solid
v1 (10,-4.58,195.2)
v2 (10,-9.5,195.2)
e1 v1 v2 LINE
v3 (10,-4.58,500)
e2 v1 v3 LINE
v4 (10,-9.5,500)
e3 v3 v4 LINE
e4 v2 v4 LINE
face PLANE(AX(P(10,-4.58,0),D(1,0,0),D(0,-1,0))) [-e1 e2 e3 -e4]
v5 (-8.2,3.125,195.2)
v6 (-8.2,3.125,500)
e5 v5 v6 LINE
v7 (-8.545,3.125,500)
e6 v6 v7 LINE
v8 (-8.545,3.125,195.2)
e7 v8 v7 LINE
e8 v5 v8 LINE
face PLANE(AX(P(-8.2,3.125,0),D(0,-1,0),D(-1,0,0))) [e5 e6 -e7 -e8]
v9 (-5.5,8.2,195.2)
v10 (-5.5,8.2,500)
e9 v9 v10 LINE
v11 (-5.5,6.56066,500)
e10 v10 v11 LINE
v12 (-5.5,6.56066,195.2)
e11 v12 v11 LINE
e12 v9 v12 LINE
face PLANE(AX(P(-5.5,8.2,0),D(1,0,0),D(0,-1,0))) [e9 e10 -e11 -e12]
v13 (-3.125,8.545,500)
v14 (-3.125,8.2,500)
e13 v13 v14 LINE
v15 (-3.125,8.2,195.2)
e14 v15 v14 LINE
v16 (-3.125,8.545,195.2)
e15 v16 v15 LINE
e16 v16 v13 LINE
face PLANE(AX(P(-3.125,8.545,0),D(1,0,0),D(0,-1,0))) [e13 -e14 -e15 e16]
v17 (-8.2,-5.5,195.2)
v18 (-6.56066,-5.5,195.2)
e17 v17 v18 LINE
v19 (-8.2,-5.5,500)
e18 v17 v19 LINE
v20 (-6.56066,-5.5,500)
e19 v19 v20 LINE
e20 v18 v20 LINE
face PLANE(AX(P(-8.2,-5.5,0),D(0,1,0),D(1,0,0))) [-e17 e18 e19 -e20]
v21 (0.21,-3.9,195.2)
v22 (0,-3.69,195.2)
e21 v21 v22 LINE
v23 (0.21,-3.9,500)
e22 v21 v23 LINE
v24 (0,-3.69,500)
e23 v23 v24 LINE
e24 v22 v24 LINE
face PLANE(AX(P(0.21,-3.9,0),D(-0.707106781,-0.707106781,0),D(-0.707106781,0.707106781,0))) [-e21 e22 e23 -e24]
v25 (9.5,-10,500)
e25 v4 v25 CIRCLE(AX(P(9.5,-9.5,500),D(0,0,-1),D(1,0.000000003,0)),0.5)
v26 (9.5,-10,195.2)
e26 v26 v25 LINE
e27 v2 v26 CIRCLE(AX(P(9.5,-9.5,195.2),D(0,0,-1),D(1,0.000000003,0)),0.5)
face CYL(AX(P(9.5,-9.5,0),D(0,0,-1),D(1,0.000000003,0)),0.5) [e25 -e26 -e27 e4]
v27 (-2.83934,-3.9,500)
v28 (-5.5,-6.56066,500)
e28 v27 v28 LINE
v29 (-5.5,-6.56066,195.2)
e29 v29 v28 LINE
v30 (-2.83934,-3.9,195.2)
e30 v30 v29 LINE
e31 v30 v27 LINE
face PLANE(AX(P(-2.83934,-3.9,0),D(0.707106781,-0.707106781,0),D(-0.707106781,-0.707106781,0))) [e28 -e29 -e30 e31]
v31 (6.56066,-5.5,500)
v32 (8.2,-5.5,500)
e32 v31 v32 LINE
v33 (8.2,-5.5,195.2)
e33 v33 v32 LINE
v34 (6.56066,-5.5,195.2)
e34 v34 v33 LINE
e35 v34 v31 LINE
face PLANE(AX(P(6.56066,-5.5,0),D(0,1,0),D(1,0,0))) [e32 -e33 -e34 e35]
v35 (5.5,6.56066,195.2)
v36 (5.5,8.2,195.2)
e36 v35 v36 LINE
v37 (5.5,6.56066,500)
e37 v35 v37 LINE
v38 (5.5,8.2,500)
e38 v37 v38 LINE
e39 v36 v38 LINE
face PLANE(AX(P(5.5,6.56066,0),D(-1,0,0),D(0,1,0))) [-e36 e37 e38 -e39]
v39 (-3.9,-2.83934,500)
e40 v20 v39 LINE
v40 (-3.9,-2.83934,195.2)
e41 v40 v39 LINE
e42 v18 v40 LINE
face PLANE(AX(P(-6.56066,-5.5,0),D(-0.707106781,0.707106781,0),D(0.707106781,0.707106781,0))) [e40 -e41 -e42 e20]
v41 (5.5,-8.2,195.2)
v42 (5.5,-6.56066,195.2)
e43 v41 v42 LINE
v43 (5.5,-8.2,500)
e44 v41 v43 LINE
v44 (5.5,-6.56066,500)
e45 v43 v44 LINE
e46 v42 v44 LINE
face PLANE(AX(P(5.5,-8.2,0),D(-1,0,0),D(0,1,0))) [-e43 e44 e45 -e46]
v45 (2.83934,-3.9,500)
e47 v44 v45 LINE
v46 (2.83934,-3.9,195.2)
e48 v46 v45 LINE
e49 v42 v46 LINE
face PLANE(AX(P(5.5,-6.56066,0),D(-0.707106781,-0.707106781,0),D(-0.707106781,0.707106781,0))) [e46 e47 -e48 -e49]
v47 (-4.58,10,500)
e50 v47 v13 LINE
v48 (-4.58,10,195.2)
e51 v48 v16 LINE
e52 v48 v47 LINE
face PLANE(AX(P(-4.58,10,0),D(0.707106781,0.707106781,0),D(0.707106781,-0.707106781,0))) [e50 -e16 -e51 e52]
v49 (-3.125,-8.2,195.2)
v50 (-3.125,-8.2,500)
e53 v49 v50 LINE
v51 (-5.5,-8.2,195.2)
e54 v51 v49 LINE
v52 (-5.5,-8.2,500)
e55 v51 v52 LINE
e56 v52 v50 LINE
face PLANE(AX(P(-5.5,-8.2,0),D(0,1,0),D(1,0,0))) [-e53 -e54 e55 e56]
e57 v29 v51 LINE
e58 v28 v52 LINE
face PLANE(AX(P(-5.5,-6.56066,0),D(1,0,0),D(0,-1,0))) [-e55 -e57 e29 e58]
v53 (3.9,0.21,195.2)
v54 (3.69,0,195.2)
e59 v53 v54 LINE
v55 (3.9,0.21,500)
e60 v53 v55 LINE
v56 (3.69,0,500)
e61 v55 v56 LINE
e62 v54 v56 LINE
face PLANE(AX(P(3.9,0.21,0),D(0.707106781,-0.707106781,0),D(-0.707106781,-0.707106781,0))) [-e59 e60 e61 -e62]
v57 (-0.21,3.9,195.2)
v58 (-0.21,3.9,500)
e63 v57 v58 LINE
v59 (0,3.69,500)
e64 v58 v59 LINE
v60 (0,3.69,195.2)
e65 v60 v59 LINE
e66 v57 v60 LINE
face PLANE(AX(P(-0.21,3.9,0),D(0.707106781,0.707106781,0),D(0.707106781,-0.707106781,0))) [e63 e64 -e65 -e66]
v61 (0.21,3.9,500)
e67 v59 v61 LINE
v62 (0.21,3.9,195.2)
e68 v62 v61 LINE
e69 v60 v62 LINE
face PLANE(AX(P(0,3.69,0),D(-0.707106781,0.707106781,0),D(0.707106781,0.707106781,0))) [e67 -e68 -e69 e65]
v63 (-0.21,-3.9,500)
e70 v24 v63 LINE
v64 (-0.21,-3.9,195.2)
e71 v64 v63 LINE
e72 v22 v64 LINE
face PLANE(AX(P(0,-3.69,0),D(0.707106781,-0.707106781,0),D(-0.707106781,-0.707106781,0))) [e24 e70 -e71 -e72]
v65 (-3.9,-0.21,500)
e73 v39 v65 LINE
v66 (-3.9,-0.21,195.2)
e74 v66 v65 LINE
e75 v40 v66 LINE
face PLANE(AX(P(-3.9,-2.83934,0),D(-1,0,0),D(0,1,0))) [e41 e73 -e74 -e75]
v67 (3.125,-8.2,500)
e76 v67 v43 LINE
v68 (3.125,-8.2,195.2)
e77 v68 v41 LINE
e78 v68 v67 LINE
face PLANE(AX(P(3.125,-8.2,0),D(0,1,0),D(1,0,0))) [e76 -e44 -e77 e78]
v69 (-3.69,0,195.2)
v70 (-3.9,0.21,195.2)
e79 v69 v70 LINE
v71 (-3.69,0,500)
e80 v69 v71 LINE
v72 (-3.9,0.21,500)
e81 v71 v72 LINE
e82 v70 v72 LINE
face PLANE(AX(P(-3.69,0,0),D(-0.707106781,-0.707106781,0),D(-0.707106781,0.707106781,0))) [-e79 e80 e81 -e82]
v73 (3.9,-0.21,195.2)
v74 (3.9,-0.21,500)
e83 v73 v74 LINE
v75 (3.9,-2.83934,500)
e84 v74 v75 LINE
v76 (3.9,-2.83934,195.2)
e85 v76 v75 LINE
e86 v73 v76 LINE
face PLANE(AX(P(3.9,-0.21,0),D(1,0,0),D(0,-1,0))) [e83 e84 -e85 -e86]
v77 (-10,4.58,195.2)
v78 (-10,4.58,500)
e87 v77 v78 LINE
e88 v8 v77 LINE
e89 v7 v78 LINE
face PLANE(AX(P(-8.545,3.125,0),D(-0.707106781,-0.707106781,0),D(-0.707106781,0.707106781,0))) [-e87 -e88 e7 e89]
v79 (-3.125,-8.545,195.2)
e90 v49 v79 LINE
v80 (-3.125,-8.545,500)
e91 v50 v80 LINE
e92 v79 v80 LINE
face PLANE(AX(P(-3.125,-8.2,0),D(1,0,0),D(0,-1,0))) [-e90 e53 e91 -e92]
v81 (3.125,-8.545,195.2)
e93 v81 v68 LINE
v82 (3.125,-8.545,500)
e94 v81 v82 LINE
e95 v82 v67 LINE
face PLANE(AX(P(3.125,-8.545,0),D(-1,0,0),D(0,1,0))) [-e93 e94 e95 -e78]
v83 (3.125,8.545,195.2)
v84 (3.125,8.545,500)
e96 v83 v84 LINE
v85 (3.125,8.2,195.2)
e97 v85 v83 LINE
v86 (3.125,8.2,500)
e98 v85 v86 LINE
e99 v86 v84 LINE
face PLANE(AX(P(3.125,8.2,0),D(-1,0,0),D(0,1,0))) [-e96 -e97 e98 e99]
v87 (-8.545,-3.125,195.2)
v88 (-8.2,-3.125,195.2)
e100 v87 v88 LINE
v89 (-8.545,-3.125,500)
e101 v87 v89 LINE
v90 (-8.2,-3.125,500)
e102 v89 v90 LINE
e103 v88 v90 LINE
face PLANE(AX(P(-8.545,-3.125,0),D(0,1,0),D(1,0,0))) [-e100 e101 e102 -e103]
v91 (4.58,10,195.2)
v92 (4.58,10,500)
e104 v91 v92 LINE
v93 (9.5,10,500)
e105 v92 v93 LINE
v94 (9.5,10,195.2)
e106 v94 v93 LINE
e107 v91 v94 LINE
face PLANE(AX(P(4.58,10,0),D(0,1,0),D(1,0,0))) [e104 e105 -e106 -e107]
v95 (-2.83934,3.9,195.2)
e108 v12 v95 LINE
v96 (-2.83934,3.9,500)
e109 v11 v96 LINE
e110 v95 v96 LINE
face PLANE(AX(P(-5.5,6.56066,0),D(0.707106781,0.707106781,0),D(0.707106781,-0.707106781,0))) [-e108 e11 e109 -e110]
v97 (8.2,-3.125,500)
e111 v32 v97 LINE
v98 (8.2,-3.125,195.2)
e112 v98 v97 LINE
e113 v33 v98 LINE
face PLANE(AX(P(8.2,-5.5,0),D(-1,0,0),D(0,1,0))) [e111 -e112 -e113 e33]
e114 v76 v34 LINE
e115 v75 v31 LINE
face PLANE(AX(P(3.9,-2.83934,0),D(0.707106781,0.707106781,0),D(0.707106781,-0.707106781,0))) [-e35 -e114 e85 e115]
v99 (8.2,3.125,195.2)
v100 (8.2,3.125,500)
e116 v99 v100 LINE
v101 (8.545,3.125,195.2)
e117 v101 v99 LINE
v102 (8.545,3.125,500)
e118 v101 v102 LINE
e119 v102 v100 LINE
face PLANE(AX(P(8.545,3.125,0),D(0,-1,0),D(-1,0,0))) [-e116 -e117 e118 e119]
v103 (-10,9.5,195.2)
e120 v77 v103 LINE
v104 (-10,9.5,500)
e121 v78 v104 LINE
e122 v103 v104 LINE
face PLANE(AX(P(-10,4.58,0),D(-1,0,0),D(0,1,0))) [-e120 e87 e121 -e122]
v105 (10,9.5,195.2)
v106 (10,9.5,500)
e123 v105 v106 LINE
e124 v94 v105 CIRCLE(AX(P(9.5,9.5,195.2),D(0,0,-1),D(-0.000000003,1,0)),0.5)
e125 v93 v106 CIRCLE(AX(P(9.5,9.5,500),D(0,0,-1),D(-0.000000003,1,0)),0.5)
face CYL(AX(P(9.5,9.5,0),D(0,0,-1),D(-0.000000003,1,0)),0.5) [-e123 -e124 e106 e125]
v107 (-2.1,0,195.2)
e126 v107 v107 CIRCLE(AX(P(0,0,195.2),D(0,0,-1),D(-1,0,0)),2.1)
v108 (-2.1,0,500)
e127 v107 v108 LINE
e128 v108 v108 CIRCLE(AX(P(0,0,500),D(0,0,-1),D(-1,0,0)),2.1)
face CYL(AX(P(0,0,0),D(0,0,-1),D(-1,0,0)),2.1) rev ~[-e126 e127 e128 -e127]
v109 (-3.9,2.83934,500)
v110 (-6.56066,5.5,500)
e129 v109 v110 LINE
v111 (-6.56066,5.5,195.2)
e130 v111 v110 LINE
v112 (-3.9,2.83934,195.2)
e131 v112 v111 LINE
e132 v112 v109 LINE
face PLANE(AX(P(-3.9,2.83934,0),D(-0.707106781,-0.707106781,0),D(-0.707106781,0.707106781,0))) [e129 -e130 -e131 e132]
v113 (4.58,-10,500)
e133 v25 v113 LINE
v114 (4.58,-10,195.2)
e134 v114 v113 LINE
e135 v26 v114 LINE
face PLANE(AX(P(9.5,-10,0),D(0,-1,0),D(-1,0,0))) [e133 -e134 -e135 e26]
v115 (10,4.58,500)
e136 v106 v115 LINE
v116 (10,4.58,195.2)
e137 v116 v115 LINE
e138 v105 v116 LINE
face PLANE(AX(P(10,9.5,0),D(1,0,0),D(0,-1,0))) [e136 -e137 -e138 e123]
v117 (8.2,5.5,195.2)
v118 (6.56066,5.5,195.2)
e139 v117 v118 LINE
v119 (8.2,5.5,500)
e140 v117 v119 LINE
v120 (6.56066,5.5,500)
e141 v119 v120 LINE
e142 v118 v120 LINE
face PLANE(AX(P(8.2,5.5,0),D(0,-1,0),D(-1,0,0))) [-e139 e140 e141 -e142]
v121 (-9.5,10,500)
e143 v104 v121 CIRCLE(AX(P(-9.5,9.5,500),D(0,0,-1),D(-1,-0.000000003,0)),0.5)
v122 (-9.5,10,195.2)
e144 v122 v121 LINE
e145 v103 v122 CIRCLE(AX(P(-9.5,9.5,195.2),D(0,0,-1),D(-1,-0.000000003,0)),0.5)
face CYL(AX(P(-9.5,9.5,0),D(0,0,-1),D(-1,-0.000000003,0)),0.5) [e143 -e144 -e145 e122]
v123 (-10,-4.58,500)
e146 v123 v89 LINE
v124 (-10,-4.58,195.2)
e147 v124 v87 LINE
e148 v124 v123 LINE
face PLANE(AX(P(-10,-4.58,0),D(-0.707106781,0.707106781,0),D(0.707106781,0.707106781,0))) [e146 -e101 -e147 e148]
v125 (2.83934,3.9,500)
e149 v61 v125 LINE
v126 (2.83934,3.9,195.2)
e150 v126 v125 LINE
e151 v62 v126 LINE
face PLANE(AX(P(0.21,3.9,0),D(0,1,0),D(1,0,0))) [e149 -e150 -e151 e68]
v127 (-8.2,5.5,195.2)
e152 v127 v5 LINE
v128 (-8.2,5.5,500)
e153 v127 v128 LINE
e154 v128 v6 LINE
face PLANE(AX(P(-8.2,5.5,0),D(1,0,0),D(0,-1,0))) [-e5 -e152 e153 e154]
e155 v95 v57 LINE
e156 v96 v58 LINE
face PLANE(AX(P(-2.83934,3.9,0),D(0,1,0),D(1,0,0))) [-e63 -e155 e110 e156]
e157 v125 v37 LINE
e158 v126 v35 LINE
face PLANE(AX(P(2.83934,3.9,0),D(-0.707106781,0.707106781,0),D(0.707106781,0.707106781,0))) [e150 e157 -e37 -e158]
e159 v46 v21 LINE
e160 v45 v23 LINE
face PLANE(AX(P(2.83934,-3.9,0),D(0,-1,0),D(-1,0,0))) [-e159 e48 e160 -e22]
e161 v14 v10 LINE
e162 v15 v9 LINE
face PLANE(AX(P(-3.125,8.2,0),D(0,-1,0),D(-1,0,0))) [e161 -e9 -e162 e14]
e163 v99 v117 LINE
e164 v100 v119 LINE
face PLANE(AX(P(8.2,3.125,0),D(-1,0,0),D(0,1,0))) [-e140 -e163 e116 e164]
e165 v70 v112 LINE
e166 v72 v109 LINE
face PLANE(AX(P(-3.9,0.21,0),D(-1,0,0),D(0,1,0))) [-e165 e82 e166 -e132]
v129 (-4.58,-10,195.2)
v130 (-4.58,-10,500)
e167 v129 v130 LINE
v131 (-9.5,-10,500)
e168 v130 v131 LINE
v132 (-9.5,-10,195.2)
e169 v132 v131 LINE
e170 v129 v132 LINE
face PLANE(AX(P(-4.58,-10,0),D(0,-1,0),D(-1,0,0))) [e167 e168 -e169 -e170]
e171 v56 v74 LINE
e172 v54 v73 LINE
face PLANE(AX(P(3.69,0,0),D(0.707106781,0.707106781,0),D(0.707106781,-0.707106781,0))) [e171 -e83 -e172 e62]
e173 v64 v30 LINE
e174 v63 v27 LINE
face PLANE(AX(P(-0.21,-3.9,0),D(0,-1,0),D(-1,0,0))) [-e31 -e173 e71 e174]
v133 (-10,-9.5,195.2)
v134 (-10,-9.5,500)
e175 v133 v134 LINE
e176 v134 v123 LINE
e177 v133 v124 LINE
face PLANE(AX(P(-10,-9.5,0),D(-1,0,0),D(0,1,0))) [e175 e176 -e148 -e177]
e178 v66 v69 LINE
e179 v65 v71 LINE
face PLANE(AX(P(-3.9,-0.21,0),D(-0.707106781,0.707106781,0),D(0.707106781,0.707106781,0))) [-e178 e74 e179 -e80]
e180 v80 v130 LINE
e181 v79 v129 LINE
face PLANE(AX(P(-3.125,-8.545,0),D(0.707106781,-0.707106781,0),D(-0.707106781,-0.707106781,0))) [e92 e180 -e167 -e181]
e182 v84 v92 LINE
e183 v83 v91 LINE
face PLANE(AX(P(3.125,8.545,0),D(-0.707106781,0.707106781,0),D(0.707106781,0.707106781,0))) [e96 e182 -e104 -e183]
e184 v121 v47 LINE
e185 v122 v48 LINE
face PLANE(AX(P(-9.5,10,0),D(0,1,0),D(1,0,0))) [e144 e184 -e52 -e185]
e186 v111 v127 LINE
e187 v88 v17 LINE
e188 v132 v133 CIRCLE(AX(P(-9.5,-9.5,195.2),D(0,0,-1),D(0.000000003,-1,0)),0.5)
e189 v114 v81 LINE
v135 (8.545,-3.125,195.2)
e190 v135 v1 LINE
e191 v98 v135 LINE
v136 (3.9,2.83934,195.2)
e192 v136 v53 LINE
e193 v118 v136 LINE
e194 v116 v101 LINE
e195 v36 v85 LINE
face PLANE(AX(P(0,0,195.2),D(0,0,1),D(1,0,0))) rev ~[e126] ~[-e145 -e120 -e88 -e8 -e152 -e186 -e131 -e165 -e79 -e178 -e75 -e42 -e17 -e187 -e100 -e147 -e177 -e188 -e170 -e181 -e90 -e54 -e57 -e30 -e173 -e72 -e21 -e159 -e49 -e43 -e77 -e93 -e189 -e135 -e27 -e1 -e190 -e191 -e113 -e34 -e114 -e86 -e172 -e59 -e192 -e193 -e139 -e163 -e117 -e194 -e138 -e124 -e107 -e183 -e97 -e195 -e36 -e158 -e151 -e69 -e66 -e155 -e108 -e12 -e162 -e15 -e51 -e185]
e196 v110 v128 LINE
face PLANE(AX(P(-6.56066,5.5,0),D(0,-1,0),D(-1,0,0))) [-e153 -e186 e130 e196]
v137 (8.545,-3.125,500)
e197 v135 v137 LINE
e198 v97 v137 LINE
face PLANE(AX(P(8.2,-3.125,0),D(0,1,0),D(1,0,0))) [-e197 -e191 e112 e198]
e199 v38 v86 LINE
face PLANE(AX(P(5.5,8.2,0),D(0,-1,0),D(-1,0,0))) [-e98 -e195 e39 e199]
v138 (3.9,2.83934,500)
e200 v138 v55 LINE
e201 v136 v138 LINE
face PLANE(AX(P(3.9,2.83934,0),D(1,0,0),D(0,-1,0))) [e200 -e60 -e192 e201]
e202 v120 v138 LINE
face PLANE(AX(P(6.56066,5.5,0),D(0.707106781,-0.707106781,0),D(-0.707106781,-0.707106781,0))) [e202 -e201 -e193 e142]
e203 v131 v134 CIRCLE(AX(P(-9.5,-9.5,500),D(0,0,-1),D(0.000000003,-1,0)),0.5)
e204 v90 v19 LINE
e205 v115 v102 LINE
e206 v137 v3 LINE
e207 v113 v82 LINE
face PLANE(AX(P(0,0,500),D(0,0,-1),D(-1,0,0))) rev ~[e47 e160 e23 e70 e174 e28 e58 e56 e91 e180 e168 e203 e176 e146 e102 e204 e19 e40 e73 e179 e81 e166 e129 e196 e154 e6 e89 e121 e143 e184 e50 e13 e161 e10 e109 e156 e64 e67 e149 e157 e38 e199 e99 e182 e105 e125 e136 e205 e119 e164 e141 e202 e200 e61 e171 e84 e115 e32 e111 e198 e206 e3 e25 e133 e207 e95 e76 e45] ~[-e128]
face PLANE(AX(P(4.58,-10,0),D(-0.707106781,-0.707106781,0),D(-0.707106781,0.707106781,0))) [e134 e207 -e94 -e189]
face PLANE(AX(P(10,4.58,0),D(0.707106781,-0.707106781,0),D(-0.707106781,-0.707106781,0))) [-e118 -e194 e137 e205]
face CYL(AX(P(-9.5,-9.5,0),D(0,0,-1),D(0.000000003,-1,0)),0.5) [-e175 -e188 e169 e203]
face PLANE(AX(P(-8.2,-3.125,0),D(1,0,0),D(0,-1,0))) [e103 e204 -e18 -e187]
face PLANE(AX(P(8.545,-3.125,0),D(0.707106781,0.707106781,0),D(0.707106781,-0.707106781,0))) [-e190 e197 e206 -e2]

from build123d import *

# Parameters (mm, degrees)
SKETCH1_R           = 2.1
BOSS_EXTRUDE1_DEPTH = 500


with BuildPart() as part:
    # Sketch1 → Boss-Extrude1 (new body)
    with BuildSketch(Plane(origin=(0, 0, 0), x_dir=(-1, 0, 0), z_dir=(0, 0, -1))):
        with BuildLine():
            Line((-3.9, -0.21), (-3.9, -2.839339828))
            Line((-3.9, -2.839339828), (-6.560660172, -5.5))
            Line((-6.560660172, -5.5), (-8.2, -5.5))
            Line((-8.2, -5.5), (-8.2, -3.125))
            Line((-8.2, -3.125), (-8.545, -3.125))
            Line((-8.545, -3.125), (-10, -4.58))
            Line((-10, -4.58), (-10, -9.5))
            ThreePointArc((-10, -9.5), (-9.853553391, -9.853553391), (-9.5, -10))
            Line((-9.5, -10), (-4.58, -10))
            Line((-4.58, -10), (-3.125, -8.545))
            Line((-3.125, -8.545), (-3.125, -8.2))
            Line((-3.125, -8.2), (-5.5, -8.2))
            Line((-5.5, -8.2), (-5.5, -6.560660172))
            Line((-5.5, -6.560660172), (-2.839339828, -3.9))
            Line((-2.839339828, -3.9), (-0.21, -3.9))
            Line((-0.21, -3.9), (0, -3.69))
            Line((0, -3.69), (0.21, -3.9))
            Line((0.21, -3.9), (2.839339828, -3.9))
            Line((2.839339828, -3.9), (5.5, -6.560660172))
            Line((5.5, -6.560660172), (5.5, -8.2))
            Line((5.5, -8.2), (3.125, -8.2))
            Line((3.125, -8.2), (3.125, -8.545))
            Line((3.125, -8.545), (4.58, -10))
            Line((4.58, -10), (9.5, -10))
            ThreePointArc((9.5, -10), (9.853553391, -9.853553391), (10, -9.5))
            Line((10, -9.5), (10, -4.58))
            Line((10, -4.58), (8.545, -3.125))
            Line((8.545, -3.125), (8.2, -3.125))
            Line((8.2, -3.125), (8.2, -5.5))
            Line((8.2, -5.5), (6.560660172, -5.5))
            Line((6.560660172, -5.5), (3.9, -2.839339828))
            Line((3.9, -2.839339828), (3.9, -0.21))
            Line((3.9, -0.21), (3.69, 0))
            Line((3.69, 0), (3.9, 0.21))
            Line((3.9, 0.21), (3.9, 2.839339828))
            Line((3.9, 2.839339828), (6.560660172, 5.5))
            Line((6.560660172, 5.5), (8.2, 5.5))
            Line((8.2, 5.5), (8.2, 3.125))
            Line((8.2, 3.125), (8.545, 3.125))
            Line((8.545, 3.125), (10, 4.58))
            Line((10, 4.58), (10, 9.5))
            ThreePointArc((10, 9.5), (9.853553391, 9.853553391), (9.5, 10))
            Line((9.5, 10), (4.58, 10))
            Line((4.58, 10), (3.125, 8.545))
            Line((3.125, 8.545), (3.125, 8.2))
            Line((3.125, 8.2), (5.5, 8.2))
            Line((5.5, 8.2), (5.5, 6.560660172))
            Line((5.5, 6.560660172), (2.839339828, 3.9))
            Line((2.839339828, 3.9), (0.21, 3.9))
            Line((0.21, 3.9), (0, 3.69))
            Line((0, 3.69), (-0.21, 3.9))
            Line((-0.21, 3.9), (-2.839339828, 3.9))
            Line((-2.839339828, 3.9), (-5.5, 6.560660172))
            Line((-5.5, 6.560660172), (-5.5, 8.2))
            Line((-5.5, 8.2), (-3.125, 8.2))
            Line((-3.125, 8.2), (-3.125, 8.545))
            Line((-3.125, 8.545), (-4.58, 10))
            Line((-4.58, 10), (-9.5, 10))
            ThreePointArc((-9.5, 10), (-9.853553391, 9.853553391), (-10, 9.5))
            Line((-10, 9.5), (-10, 4.58))
            Line((-10, 4.58), (-8.545, 3.125))
            Line((-8.545, 3.125), (-8.2, 3.125))
            Line((-8.2, 3.125), (-8.2, 5.5))
            Line((-8.2, 5.5), (-6.560660172, 5.5))
            Line((-6.560660172, 5.5), (-3.9, 2.839339828))
            Line((-3.9, 2.839339828), (-3.9, 0.21))
            Line((-3.9, 0.21), (-3.69, 0))
            Line((-3.69, 0), (-3.9, -0.21))
        make_face()
        Circle(SKETCH1_R, mode=Mode.SUBTRACT)
    extrude(amount=-BOSS_EXTRUDE1_DEPTH)

    # Split1
    split(bisect_by=Plane.XY.offset(195.2), keep=Keep.TOP)


solid = part.part
